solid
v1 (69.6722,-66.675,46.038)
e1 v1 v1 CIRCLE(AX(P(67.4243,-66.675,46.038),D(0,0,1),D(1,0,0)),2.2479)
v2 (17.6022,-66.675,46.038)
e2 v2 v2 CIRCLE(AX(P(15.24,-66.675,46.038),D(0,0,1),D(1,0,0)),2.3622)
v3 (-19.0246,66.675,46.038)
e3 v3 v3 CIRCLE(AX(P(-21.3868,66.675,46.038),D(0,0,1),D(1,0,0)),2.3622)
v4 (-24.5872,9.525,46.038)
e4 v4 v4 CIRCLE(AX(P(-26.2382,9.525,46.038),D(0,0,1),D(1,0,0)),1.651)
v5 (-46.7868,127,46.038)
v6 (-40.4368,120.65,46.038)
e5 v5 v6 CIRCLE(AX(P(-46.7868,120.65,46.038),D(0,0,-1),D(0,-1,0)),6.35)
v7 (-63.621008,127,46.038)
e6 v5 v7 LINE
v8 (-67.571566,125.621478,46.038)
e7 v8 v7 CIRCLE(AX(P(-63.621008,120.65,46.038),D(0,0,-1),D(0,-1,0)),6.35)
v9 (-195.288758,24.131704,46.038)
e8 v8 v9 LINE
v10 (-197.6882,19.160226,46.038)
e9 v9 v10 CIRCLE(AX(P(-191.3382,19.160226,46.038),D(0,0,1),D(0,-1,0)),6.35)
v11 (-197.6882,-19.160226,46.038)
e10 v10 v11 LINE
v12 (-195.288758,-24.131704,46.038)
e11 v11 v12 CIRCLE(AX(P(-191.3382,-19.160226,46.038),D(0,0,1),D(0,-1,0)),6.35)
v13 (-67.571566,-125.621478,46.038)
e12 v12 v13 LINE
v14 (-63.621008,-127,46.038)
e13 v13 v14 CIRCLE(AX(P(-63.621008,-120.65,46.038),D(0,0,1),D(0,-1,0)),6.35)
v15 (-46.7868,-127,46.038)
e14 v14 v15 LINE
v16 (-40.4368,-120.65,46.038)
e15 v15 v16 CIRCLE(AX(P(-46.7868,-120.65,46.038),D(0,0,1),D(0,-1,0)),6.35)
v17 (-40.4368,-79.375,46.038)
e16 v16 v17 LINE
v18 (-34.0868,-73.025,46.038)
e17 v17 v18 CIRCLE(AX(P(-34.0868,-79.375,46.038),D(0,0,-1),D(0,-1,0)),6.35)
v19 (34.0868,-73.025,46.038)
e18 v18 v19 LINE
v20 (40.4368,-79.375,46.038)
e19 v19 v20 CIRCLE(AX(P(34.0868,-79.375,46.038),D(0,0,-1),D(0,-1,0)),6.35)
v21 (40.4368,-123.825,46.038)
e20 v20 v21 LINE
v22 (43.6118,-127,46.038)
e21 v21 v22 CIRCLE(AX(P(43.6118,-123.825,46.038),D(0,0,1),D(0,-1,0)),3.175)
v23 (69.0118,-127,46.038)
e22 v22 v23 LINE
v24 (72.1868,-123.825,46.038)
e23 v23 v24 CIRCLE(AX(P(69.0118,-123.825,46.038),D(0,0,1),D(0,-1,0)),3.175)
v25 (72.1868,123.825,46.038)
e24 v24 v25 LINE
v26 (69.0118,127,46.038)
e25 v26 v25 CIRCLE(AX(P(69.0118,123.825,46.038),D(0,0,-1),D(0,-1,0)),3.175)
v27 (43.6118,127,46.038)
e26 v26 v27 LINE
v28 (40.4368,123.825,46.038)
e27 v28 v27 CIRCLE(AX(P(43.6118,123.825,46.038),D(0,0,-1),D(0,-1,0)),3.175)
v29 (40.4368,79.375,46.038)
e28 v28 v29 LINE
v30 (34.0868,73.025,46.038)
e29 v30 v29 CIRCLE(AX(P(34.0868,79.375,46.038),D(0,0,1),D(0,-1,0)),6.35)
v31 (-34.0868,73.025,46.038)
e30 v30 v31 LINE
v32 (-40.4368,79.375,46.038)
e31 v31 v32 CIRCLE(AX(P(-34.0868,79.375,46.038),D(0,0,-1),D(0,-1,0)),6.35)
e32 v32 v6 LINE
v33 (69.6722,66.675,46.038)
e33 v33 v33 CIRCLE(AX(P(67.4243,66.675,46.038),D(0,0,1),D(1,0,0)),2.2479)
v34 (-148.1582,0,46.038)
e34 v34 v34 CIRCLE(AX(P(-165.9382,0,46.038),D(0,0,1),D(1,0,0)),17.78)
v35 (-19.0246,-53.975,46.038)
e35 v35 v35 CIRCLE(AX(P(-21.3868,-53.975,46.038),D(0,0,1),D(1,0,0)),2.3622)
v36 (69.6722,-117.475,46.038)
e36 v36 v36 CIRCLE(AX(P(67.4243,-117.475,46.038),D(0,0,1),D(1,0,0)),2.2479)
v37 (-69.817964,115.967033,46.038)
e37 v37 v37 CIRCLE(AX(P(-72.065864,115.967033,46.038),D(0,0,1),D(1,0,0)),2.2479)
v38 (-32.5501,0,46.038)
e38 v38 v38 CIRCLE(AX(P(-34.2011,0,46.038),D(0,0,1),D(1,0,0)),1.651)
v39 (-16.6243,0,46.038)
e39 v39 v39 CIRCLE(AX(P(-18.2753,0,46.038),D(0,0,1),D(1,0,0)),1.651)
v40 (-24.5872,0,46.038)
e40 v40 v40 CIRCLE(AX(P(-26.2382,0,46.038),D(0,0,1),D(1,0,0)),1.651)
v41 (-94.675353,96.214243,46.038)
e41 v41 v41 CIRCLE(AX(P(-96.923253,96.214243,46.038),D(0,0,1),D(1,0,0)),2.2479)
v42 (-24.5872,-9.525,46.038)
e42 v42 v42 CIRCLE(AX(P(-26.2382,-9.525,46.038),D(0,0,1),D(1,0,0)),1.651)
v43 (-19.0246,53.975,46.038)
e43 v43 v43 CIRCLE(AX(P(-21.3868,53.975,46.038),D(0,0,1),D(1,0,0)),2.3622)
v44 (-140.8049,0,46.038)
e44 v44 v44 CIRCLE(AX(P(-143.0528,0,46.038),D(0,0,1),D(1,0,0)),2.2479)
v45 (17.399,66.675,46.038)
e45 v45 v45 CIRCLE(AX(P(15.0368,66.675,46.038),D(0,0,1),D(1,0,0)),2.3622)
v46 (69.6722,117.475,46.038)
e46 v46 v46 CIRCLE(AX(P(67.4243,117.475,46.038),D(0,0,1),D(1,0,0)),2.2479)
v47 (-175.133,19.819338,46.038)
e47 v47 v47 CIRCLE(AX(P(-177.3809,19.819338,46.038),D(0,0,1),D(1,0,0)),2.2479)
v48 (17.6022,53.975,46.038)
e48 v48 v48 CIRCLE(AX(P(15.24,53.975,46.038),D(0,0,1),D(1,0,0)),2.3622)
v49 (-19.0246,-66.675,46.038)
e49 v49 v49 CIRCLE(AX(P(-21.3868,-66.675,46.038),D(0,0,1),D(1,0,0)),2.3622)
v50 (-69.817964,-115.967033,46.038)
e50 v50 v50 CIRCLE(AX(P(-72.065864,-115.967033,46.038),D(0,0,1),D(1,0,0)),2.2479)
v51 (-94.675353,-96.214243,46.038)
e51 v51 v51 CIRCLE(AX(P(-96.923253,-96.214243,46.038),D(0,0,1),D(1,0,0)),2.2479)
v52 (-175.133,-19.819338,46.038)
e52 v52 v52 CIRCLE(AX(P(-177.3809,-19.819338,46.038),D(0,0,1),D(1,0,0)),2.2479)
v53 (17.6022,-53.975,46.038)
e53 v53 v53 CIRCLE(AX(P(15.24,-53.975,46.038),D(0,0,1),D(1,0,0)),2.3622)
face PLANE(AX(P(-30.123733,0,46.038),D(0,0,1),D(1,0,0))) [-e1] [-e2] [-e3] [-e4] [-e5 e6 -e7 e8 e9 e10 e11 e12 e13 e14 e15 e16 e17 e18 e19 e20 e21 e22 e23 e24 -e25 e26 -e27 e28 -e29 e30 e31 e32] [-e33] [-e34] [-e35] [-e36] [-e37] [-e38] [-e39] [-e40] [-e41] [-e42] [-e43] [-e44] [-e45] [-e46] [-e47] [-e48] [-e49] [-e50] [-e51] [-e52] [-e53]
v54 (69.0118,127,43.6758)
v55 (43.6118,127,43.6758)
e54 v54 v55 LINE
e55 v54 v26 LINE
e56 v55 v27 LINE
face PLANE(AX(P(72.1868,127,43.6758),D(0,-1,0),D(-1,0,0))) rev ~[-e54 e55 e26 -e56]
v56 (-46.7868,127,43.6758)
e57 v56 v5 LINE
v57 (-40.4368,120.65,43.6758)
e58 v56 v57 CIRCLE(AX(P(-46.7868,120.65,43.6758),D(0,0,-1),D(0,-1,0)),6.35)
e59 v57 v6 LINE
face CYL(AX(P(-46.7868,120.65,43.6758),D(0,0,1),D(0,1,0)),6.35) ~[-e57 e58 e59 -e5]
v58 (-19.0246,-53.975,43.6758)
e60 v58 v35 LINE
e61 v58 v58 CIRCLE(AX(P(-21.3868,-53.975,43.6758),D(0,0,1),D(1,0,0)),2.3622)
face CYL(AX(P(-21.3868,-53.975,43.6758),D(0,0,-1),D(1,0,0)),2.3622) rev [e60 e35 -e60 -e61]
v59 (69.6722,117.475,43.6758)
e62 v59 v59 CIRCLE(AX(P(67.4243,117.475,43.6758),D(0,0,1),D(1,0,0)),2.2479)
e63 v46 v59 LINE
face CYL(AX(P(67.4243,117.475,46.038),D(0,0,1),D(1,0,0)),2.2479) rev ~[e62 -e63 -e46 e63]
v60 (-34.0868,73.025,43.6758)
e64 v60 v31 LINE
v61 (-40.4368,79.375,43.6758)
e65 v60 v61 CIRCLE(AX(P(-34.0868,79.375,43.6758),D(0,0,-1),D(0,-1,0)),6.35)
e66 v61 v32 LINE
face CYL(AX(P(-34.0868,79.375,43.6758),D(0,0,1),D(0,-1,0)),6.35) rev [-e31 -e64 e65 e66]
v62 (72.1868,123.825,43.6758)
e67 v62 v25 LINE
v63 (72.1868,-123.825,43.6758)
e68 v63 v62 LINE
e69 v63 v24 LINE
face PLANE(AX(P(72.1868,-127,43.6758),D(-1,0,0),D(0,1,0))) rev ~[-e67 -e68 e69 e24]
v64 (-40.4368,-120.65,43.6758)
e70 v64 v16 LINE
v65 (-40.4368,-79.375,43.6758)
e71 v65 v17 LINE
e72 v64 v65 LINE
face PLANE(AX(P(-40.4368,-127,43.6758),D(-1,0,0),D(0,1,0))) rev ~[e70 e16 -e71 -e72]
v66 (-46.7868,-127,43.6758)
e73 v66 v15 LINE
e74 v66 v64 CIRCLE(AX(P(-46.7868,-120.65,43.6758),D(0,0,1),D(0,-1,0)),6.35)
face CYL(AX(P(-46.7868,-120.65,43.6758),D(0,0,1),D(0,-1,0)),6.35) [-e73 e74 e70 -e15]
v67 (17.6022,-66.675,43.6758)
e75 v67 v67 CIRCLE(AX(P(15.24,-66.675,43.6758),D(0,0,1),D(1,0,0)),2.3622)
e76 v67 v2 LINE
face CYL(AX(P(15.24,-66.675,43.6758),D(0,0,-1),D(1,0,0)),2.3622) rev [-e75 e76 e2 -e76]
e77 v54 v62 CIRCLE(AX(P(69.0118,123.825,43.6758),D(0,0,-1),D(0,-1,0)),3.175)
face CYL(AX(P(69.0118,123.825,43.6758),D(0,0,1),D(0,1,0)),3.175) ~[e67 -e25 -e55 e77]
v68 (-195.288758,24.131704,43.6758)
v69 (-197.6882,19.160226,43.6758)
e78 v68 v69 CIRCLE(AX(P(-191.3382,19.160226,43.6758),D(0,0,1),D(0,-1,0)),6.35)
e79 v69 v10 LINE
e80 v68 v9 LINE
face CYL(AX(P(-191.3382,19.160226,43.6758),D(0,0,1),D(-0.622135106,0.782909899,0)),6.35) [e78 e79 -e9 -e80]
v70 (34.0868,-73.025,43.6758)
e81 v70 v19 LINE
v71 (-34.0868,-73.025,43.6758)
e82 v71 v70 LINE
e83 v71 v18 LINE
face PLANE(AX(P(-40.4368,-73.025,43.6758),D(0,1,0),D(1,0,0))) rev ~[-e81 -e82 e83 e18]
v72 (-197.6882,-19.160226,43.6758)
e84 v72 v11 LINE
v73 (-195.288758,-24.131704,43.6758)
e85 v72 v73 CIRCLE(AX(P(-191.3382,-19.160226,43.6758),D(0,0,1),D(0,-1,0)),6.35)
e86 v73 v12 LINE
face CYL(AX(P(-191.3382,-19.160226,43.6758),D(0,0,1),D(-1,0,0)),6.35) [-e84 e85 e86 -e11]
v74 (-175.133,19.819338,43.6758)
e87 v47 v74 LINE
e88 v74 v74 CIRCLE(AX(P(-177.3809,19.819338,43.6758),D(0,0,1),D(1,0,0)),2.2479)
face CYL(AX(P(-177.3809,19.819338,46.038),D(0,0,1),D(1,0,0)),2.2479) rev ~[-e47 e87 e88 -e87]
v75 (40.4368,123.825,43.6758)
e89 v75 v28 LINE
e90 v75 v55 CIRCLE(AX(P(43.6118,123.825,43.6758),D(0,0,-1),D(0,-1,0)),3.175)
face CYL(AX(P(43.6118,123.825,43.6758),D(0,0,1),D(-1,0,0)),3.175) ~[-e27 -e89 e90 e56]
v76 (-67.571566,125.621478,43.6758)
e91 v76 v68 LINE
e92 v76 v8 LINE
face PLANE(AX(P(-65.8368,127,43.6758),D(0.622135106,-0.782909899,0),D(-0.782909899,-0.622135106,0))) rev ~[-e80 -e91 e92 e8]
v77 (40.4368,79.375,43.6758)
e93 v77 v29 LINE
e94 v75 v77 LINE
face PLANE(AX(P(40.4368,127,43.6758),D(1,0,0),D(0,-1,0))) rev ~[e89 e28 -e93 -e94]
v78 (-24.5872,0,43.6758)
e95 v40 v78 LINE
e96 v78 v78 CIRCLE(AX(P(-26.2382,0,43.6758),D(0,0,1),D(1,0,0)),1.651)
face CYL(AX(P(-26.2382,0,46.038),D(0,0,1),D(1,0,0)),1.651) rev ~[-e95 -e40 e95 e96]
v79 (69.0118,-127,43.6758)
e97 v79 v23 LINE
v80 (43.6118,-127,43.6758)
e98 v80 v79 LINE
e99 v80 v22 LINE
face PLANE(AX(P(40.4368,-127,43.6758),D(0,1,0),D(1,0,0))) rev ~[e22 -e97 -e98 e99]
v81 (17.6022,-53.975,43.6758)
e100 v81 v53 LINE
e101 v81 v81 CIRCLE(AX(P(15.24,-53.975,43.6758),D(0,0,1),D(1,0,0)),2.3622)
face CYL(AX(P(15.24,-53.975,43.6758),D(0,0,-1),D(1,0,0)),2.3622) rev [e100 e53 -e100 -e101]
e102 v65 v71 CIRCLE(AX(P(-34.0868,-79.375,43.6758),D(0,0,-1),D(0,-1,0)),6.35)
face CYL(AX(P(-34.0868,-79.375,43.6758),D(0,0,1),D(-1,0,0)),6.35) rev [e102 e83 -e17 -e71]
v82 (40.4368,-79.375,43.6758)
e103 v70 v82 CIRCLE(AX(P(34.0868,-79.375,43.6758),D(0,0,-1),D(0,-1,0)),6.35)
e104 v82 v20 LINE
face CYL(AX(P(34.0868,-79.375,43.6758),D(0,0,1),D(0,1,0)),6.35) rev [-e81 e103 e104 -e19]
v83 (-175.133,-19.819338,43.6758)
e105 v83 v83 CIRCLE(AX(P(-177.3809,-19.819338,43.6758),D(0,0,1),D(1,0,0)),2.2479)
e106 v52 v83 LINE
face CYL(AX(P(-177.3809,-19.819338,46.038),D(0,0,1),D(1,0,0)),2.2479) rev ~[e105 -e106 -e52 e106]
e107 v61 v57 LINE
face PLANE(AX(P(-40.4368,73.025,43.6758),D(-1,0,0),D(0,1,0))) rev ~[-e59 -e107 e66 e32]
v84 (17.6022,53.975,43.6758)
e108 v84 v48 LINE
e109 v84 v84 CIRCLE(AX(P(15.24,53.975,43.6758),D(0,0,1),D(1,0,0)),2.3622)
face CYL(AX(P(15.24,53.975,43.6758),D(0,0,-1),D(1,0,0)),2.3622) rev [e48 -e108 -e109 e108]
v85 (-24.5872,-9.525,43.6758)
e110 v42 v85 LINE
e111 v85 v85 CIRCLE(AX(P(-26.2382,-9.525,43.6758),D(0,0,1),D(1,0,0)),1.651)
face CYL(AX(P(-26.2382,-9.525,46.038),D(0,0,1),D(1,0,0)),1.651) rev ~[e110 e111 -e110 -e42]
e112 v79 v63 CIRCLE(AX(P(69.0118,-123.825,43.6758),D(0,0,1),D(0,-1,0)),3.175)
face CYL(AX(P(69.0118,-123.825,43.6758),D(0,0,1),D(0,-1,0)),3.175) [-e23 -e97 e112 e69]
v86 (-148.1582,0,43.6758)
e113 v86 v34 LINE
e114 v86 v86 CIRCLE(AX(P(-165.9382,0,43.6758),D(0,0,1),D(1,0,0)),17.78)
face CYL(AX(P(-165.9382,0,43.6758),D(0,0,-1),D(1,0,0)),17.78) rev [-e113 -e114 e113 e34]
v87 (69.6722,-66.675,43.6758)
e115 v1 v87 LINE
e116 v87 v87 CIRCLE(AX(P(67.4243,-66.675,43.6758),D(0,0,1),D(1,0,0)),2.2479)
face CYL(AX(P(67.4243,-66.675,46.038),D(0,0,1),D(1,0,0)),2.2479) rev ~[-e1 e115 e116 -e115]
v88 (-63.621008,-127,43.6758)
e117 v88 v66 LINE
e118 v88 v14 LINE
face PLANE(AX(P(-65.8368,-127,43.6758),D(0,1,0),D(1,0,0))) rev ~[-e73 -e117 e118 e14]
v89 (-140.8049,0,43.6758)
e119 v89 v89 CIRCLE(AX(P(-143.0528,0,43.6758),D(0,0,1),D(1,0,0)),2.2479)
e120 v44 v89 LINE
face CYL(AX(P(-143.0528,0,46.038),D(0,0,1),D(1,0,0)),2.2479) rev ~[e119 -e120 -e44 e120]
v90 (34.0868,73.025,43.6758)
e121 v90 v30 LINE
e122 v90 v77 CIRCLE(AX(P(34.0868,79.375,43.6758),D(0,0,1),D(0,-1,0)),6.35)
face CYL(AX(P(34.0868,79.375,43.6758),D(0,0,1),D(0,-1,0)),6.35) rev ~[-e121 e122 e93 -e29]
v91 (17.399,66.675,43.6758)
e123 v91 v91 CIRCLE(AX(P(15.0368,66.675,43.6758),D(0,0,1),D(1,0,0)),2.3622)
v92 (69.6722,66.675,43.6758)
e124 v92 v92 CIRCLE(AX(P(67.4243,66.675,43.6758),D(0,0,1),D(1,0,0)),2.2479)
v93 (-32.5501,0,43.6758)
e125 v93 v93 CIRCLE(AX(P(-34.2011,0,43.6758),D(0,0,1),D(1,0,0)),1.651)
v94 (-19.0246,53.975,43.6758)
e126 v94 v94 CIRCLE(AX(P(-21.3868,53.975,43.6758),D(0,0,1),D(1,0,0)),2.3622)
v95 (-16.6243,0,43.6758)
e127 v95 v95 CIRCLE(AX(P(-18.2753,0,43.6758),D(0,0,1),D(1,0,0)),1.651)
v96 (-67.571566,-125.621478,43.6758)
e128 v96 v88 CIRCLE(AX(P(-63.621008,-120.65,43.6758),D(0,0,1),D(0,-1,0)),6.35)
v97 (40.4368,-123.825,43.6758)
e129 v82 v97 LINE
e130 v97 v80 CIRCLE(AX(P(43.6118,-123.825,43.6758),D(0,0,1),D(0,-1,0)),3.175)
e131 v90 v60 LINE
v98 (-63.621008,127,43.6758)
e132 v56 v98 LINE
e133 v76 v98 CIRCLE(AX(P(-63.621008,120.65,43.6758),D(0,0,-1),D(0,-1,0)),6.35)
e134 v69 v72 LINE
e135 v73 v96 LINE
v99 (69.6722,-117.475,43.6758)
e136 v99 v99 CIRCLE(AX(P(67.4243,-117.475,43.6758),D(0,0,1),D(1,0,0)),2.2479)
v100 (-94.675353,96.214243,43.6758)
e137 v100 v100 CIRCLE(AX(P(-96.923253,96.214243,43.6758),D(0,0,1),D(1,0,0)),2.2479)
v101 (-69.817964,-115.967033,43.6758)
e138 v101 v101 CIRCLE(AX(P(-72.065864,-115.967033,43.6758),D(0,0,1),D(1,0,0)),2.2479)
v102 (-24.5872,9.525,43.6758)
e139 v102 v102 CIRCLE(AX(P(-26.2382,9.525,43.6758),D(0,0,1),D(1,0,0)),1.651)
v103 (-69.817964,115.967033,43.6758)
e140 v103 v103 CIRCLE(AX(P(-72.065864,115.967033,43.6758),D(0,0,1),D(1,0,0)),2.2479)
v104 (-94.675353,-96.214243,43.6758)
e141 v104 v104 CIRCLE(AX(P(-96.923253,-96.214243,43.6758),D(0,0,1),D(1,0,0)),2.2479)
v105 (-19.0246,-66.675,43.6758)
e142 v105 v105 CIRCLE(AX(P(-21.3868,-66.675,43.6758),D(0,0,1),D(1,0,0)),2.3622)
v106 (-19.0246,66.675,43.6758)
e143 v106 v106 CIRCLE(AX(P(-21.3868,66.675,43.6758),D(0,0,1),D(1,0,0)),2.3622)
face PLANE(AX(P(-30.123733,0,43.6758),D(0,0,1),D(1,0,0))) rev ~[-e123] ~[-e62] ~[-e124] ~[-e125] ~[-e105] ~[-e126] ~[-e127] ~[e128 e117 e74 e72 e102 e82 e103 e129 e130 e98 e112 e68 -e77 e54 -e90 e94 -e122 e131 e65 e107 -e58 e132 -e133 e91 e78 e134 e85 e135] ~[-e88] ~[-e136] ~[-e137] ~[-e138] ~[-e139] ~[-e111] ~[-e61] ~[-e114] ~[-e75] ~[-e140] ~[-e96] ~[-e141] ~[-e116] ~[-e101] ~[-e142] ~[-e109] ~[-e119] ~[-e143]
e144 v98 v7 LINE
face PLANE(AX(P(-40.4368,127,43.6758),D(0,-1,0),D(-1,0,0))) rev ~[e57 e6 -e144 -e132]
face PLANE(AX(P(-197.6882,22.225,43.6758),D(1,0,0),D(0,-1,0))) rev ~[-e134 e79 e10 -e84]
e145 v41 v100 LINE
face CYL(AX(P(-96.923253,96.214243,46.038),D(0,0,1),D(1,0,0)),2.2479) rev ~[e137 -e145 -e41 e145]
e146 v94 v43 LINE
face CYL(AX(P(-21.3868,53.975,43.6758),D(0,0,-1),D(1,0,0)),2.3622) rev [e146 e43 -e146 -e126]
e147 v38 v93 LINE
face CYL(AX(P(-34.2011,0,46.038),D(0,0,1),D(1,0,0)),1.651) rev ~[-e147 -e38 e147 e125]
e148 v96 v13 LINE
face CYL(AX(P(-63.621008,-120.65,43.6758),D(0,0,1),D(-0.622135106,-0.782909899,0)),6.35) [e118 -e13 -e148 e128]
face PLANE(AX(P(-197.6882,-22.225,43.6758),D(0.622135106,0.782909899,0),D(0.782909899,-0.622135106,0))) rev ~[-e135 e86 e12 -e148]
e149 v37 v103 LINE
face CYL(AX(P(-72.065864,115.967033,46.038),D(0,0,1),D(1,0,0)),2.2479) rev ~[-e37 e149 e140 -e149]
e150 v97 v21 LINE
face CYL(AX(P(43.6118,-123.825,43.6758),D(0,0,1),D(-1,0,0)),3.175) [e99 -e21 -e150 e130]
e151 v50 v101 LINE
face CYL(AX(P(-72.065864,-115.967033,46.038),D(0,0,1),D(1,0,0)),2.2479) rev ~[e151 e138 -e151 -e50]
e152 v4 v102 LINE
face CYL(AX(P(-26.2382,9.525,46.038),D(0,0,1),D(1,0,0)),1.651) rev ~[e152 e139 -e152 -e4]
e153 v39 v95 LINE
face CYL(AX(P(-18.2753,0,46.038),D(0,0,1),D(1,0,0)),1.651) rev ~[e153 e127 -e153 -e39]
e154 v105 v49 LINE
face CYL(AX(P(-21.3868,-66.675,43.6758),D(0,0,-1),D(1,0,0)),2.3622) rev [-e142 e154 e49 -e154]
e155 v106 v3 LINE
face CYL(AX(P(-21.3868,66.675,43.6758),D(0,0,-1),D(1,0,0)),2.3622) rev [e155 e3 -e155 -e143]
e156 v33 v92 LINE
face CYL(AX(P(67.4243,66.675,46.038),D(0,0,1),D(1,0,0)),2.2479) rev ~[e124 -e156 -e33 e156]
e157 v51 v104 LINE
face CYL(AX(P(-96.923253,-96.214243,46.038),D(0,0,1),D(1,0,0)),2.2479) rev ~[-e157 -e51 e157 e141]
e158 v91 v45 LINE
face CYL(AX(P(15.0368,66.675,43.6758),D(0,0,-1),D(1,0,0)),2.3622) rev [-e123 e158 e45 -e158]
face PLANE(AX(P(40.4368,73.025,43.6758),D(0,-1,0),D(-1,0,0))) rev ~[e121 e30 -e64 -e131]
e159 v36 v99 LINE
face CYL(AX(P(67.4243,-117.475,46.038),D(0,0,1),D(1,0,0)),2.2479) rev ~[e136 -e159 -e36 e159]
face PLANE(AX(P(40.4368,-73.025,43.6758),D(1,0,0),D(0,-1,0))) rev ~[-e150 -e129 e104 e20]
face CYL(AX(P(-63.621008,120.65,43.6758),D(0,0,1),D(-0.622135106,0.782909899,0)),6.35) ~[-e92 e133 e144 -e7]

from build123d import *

# Parameters (mm, degrees)
SKETCH_R        = 2.3622
SKETCH_R_2      = 17.78
PAD_DEPTH       = 2.3622
FILLET_R        = 6.35
FILLET001_R     = 6.35
FILLET002_R     = 6.35
FILLET003_R     = 6.35
FILLET004_R     = 6.35
FILLET005_R     = 3.175
FILLET006_R     = 3.175
FILLET007_R     = 6.35
FILLET008_R     = 6.35
FILLET009_R     = 6.35
FILLET010_R     = 6.35
FILLET011_R     = 6.35
FILLET012_R     = 3.175
FILLET013_R     = 3.175
SKETCH001_R     = 1.651
POCKET_DEPTH    = 2.3632
SKETCH002_R     = 2.2479
POCKET001_DEPTH = 2.3632
SKETCH003_R     = 2.2479
POCKET002_DEPTH = 4.99999


with BuildPart() as part:
    # Sketch (on DatumPlane) → Pad (new body)
    with BuildSketch(Plane.XY.offset(43.6758)):
        Polygon((40.4368, 73.025), (-40.4368, 73.025), (-40.4368, 127), (-65.8368, 127), (-197.6882, 22.225), (-197.6882, -22.225), (-65.8368, -127), (-40.4368, -127), (-40.4368, -73.025), (40.4368, -73.025), (40.4368, -127), (72.1868, -127), (72.1868, 127), (40.4368, 127), align=None)
        with Locations((-21.3868, 66.675)):
            Circle(SKETCH_R, mode=Mode.SUBTRACT)
        with Locations((-21.3868, 53.975)):
            Circle(SKETCH_R, mode=Mode.SUBTRACT)
        with Locations((-21.3868, -53.975)):
            Circle(SKETCH_R, mode=Mode.SUBTRACT)
        with Locations((-21.3868, -66.675)):
            Circle(SKETCH_R, mode=Mode.SUBTRACT)
        with Locations((15.0368, 66.675)):
            Circle(SKETCH_R, mode=Mode.SUBTRACT)
        with Locations((15.24, 53.975)):
            Circle(SKETCH_R, mode=Mode.SUBTRACT)
        with Locations((15.24, -53.975)):
            Circle(SKETCH_R, mode=Mode.SUBTRACT)
        with Locations((15.24, -66.675)):
            Circle(SKETCH_R, mode=Mode.SUBTRACT)
        with Locations((-165.9382, 0)):
            Circle(SKETCH_R_2, mode=Mode.SUBTRACT)
    extrude(amount=PAD_DEPTH)

    # Fillet
    fillet_edges = [part.edges().sort_by_distance(p)[0] for p in [
        (-197.6882, -22.225, 44.8569),
    ]]
    fillet(fillet_edges, radius=FILLET_R)

    # Fillet001
    fillet001_edges = [part.edges().sort_by_distance(p)[0] for p in [
        (-65.8368, -127, 44.8569),
    ]]
    fillet(fillet001_edges, radius=FILLET001_R)

    # Fillet002
    fillet002_edges = [part.edges().sort_by_distance(p)[0] for p in [
        (-40.4368, -127, 44.8569),
    ]]
    fillet(fillet002_edges, radius=FILLET002_R)

    # Fillet003
    fillet003_edges = [part.edges().sort_by_distance(p)[0] for p in [
        (-40.4368, -73.025, 44.8569),
    ]]
    fillet(fillet003_edges, radius=FILLET003_R)

    # Fillet004
    fillet004_edges = [part.edges().sort_by_distance(p)[0] for p in [
        (40.4368, -73.025, 44.8569),
    ]]
    fillet(fillet004_edges, radius=FILLET004_R)

    # Fillet005
    fillet005_edges = [part.edges().sort_by_distance(p)[0] for p in [
        (40.4368, -127, 44.8569),
    ]]
    fillet(fillet005_edges, radius=FILLET005_R)

    # Fillet006
    fillet006_edges = [part.edges().sort_by_distance(p)[0] for p in [
        (72.1868, -127, 44.8569),
    ]]
    fillet(fillet006_edges, radius=FILLET006_R)

    # Fillet007
    fillet007_edges = [part.edges().sort_by_distance(p)[0] for p in [
        (-197.6882, 22.225, 44.8569),
    ]]
    fillet(fillet007_edges, radius=FILLET007_R)

    # Fillet008
    fillet008_edges = [part.edges().sort_by_distance(p)[0] for p in [
        (-65.8368, 127, 44.8569),
    ]]
    fillet(fillet008_edges, radius=FILLET008_R)

    # Fillet009
    fillet009_edges = [part.edges().sort_by_distance(p)[0] for p in [
        (-40.4368, 127, 44.8569),
    ]]
    fillet(fillet009_edges, radius=FILLET009_R)

    # Fillet010
    fillet010_edges = [part.edges().sort_by_distance(p)[0] for p in [
        (40.4368, 73.025, 44.8569),
    ]]
    fillet(fillet010_edges, radius=FILLET010_R)

    # Fillet011
    fillet011_edges = [part.edges().sort_by_distance(p)[0] for p in [
        (-40.4368, 73.025, 44.8569),
    ]]
    fillet(fillet011_edges, radius=FILLET011_R)

    # Fillet012
    fillet012_edges = [part.edges().sort_by_distance(p)[0] for p in [
        (40.4368, 127, 44.8569),
    ]]
    fillet(fillet012_edges, radius=FILLET012_R)

    # Fillet013
    fillet013_edges = [part.edges().sort_by_distance(p)[0] for p in [
        (72.1868, 127, 44.8569),
    ]]
    fillet(fillet013_edges, radius=FILLET013_R)

    # Sketch001 (on Face39 of Fillet013) → Pocket (cut, through all)
    with BuildSketch(Plane.XY.offset(46.038)):
        with Locations((-26.2382, 0)):
            Circle(SKETCH001_R)
        with Locations((-34.2011, 0)):
            Circle(SKETCH001_R)
        with Locations((-26.2382, 9.525)):
            Circle(SKETCH001_R)
        with Locations((-18.2753, 0)):
            Circle(SKETCH001_R)
        with Locations((-26.2382, -9.525)):
            Circle(SKETCH001_R)
    extrude(amount=-POCKET_DEPTH, mode=Mode.SUBTRACT)

    # Sketch002 (on Face44 of Pocket) → Pocket001 (cut, through all)
    with BuildSketch(Plane.XY.offset(46.038)):
        with Locations((-96.923253, -96.214243)):
            Circle(SKETCH002_R)
        with Locations((-72.065864, -115.967033)):
            Circle(SKETCH002_R)
        with Locations((-72.065864, 115.967033)):
            Circle(SKETCH002_R)
        with Locations((-96.923253, 96.214243)):
            Circle(SKETCH002_R)
    extrude(amount=-POCKET001_DEPTH, mode=Mode.SUBTRACT)

    # Sketch003 (on Face48 of Pocket001) → Pocket002 (cut)
    with BuildSketch(Plane.XY.offset(46.038)):
        with Locations((67.4243, -117.475)):
            Circle(SKETCH003_R)
        with Locations((67.4243, -66.675)):
            Circle(SKETCH003_R)
        with Locations((67.4243, 117.475)):
            Circle(SKETCH003_R)
        with Locations((67.4243, 66.675)):
            Circle(SKETCH003_R)
        with Locations((-177.3809, 19.819338)):
            Circle(SKETCH003_R)
        with Locations((-177.3809, -19.819338)):
            Circle(SKETCH003_R)
        with Locations((-143.0528, 0)):
            Circle(SKETCH003_R)
    extrude(amount=-POCKET002_DEPTH, mode=Mode.SUBTRACT)


solid = part.part
